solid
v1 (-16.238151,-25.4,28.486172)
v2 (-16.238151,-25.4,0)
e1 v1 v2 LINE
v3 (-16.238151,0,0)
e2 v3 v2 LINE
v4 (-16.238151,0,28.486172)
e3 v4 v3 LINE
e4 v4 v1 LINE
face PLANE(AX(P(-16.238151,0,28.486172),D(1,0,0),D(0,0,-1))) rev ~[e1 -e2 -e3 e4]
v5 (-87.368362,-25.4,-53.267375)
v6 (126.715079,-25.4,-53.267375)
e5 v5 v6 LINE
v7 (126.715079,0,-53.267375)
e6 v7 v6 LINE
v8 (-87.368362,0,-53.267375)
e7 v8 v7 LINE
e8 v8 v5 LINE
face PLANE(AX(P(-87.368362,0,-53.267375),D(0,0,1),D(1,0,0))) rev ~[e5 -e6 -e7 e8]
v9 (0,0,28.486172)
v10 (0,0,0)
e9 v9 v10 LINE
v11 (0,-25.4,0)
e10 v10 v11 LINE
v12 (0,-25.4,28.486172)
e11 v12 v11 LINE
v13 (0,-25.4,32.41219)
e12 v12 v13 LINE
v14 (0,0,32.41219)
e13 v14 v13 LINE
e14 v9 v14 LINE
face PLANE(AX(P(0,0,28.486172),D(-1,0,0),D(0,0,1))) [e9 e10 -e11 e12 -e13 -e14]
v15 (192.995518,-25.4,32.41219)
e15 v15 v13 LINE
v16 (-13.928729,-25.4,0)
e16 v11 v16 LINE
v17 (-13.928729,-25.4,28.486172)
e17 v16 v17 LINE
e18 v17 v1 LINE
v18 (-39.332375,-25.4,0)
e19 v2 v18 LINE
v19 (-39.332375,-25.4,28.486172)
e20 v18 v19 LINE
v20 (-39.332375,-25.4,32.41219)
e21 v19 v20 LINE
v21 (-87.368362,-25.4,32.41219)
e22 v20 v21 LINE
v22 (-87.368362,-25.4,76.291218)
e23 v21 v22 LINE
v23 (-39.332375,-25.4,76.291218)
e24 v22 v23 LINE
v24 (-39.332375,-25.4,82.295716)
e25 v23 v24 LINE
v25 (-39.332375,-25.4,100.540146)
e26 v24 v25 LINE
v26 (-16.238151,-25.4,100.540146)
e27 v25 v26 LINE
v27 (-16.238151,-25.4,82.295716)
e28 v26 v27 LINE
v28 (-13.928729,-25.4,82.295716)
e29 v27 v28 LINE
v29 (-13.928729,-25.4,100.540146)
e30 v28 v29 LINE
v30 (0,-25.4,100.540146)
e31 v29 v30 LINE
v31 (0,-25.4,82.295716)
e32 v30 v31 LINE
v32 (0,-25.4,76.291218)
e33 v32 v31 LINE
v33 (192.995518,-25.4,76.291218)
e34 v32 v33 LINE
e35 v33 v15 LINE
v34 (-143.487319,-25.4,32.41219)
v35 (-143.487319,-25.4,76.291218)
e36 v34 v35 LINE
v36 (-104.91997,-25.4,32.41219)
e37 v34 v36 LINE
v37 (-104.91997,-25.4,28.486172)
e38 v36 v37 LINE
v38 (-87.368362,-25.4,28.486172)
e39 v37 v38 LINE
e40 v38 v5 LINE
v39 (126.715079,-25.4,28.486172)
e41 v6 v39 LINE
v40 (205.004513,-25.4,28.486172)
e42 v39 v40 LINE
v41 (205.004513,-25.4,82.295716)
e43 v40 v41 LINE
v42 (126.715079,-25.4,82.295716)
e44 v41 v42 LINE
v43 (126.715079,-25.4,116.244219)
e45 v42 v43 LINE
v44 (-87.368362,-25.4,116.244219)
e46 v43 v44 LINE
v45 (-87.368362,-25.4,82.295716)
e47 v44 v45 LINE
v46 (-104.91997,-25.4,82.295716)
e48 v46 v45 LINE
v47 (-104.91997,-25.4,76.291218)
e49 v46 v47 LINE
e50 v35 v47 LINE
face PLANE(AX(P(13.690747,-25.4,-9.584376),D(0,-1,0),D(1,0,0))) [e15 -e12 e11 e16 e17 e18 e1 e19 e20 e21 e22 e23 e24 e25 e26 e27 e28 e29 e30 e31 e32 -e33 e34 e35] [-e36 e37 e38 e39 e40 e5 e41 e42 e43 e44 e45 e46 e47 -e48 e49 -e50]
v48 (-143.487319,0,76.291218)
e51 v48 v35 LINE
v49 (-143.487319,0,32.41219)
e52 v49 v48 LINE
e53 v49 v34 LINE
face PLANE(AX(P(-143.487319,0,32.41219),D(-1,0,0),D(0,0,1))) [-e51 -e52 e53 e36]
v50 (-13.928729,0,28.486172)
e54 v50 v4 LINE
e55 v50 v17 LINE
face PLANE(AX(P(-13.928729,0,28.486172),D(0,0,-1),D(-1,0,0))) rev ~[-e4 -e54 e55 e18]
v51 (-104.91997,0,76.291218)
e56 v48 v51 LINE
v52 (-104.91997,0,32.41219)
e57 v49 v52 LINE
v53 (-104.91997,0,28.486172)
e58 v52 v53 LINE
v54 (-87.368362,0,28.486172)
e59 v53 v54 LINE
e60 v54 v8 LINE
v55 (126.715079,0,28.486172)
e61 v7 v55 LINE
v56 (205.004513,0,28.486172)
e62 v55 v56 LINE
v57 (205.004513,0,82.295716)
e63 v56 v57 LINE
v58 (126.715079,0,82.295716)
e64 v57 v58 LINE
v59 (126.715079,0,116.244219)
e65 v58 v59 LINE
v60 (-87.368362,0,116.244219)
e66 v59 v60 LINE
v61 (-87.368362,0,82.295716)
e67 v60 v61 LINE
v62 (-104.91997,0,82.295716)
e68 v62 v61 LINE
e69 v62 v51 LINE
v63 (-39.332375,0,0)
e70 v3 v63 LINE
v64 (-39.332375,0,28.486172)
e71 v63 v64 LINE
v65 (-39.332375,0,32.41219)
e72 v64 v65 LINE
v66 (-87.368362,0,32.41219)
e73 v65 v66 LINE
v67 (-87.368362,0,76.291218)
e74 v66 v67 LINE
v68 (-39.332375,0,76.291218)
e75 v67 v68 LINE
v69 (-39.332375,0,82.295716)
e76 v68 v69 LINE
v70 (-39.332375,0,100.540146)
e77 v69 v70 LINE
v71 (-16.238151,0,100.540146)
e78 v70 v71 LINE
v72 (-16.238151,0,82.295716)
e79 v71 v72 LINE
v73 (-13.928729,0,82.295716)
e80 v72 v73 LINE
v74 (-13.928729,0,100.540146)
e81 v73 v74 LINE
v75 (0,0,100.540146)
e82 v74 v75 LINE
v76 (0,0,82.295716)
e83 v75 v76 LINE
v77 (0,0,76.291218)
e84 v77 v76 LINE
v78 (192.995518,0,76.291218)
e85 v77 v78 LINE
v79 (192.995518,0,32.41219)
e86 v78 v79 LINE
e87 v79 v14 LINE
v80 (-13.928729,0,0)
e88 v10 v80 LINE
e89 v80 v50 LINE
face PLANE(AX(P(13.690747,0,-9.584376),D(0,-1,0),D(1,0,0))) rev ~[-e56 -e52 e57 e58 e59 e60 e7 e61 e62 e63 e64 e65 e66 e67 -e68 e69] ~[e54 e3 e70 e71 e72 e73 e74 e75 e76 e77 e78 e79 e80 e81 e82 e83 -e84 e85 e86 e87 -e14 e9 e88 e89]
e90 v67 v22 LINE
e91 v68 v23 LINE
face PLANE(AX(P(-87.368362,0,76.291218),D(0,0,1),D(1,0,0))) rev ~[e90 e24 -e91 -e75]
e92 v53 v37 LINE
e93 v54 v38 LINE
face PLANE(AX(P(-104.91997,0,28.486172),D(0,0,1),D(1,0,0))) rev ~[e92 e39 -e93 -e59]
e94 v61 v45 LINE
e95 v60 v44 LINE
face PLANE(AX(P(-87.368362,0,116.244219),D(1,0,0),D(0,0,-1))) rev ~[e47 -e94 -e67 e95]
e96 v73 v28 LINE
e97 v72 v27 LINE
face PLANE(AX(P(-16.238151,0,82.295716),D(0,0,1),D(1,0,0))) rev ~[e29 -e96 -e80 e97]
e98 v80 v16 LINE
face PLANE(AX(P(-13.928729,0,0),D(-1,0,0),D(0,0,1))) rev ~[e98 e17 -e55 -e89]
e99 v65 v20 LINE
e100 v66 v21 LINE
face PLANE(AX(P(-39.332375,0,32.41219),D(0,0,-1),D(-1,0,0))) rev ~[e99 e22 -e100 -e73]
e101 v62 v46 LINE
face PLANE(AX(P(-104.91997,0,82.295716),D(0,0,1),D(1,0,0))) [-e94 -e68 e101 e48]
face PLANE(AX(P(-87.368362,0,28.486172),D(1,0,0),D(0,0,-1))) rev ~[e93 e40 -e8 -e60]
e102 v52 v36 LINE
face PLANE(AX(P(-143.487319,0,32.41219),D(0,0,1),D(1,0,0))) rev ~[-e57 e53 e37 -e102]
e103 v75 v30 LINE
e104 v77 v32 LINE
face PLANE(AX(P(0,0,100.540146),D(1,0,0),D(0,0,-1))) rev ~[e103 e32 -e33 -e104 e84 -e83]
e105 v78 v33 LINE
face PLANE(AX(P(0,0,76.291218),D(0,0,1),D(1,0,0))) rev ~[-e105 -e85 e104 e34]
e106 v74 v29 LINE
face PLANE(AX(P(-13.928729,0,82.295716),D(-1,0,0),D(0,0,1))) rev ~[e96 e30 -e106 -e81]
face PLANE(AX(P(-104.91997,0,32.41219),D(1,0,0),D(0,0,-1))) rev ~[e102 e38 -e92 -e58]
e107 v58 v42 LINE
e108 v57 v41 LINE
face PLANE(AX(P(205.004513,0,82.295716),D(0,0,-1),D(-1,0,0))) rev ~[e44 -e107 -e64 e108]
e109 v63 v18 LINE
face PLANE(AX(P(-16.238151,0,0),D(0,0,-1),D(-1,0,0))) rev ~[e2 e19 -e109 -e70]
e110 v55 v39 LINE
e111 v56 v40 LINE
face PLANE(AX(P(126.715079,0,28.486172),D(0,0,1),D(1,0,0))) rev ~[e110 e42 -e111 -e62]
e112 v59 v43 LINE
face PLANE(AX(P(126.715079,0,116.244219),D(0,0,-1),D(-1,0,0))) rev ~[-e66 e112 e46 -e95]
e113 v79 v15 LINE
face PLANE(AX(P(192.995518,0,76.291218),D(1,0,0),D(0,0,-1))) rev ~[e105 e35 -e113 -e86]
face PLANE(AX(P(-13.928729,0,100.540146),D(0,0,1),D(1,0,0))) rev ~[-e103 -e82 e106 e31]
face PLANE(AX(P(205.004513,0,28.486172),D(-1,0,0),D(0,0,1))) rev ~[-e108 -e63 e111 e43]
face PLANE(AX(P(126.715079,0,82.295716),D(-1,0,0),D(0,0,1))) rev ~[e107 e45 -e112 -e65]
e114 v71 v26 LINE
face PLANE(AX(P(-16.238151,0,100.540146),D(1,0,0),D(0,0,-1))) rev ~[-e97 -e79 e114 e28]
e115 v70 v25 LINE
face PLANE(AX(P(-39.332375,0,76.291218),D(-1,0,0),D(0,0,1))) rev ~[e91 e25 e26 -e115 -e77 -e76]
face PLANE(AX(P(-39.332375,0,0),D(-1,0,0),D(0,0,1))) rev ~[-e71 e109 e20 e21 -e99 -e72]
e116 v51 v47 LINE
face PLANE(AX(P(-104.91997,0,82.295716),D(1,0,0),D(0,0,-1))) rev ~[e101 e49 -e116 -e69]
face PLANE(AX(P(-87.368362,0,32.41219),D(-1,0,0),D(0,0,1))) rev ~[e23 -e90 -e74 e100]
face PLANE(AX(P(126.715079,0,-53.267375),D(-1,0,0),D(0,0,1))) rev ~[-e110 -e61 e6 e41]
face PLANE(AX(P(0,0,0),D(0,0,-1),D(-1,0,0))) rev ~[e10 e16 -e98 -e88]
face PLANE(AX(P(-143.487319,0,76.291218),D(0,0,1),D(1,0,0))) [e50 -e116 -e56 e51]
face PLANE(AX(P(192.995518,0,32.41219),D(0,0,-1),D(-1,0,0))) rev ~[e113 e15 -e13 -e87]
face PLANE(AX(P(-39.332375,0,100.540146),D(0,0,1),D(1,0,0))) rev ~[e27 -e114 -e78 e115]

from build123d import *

# Parameters (mm, degrees)
F0_W     = 126.7150789499
F0_H     = 3.926018253
F0_H_2   = 6.0044974089
F0_W_2   = 48.0359867215
F0_W_3   = 17.5516083837
F0_H_3   = 43.8790284097
F0_W_4   = 38.5673493147
F1_DEPTH = 25.4


with BuildPart() as f1:
    # F0 (on Front) → F1 (new body)
    with BuildSketch(Plane.XZ):
        Polygon((0, 28.4861717373), (0, 0), (-13.9287291095, 0), (-13.9287291095, 28.4861717373), (-16.2381511182, 28.4861717373), (-16.2381511182, 0), (-39.3323749304, 0), (-39.3323749304, 28.4861717373), (-87.3683616519, 28.4861717373), (-87.3683616519, -53.2673746347), (126.7150789499, -53.2673746347), (126.7150789499, 28.4861717373), align=None)
        with Locations((63.357539475, 30.4491808638)):
            Rectangle(F0_W, F0_H)
        Polygon((126.7150789499, 32.4121899903), (126.7150789499, 28.4861717373), (205.0045132637, 28.4861717373), (205.0045132637, 82.2957158089), (126.7150789499, 82.2957158089), (126.7150789499, 76.2912184), (192.995518446, 76.2912184), (192.995518446, 32.4121899903), align=None)
        with Locations((63.357539475, 79.2934671044)):
            Rectangle(F0_W, F0_H_2)
        with Locations((-63.3503682911, 30.4491808638)):
            Rectangle(F0_W_2, F0_H)
        Polygon((0, 100.5401462317), (0, 82.2957158089), (126.7150789499, 82.2957158089), (126.7150789499, 116.2442192435), (-87.3683616519, 116.2442192435), (-87.3683616519, 82.2957158089), (-39.3323749304, 82.2957158089), (-39.3323749304, 100.5401462317), (-16.2381511182, 100.5401462317), (-16.2381511182, 82.2957158089), (-13.9287291095, 82.2957158089), (-13.9287291095, 100.5401462317), align=None)
        with Locations((-96.1441658437, 30.4491808638)):
            Rectangle(F0_W_3, F0_H)
        with Locations((-63.3503682911, 79.2934671044)):
            Rectangle(F0_W_2, F0_H_2)
        with Locations((-96.1441658437, 54.3517041951)):
            Rectangle(F0_W_3, F0_H_3)
        with Locations((-96.1441658437, 79.2934671044)):
            Rectangle(F0_W_3, F0_H_2)
        with Locations((-124.2036446929, 54.3517041951)):
            Rectangle(F0_W_4, F0_H_3)
    extrude(amount=F1_DEPTH)


solid = f1.part
